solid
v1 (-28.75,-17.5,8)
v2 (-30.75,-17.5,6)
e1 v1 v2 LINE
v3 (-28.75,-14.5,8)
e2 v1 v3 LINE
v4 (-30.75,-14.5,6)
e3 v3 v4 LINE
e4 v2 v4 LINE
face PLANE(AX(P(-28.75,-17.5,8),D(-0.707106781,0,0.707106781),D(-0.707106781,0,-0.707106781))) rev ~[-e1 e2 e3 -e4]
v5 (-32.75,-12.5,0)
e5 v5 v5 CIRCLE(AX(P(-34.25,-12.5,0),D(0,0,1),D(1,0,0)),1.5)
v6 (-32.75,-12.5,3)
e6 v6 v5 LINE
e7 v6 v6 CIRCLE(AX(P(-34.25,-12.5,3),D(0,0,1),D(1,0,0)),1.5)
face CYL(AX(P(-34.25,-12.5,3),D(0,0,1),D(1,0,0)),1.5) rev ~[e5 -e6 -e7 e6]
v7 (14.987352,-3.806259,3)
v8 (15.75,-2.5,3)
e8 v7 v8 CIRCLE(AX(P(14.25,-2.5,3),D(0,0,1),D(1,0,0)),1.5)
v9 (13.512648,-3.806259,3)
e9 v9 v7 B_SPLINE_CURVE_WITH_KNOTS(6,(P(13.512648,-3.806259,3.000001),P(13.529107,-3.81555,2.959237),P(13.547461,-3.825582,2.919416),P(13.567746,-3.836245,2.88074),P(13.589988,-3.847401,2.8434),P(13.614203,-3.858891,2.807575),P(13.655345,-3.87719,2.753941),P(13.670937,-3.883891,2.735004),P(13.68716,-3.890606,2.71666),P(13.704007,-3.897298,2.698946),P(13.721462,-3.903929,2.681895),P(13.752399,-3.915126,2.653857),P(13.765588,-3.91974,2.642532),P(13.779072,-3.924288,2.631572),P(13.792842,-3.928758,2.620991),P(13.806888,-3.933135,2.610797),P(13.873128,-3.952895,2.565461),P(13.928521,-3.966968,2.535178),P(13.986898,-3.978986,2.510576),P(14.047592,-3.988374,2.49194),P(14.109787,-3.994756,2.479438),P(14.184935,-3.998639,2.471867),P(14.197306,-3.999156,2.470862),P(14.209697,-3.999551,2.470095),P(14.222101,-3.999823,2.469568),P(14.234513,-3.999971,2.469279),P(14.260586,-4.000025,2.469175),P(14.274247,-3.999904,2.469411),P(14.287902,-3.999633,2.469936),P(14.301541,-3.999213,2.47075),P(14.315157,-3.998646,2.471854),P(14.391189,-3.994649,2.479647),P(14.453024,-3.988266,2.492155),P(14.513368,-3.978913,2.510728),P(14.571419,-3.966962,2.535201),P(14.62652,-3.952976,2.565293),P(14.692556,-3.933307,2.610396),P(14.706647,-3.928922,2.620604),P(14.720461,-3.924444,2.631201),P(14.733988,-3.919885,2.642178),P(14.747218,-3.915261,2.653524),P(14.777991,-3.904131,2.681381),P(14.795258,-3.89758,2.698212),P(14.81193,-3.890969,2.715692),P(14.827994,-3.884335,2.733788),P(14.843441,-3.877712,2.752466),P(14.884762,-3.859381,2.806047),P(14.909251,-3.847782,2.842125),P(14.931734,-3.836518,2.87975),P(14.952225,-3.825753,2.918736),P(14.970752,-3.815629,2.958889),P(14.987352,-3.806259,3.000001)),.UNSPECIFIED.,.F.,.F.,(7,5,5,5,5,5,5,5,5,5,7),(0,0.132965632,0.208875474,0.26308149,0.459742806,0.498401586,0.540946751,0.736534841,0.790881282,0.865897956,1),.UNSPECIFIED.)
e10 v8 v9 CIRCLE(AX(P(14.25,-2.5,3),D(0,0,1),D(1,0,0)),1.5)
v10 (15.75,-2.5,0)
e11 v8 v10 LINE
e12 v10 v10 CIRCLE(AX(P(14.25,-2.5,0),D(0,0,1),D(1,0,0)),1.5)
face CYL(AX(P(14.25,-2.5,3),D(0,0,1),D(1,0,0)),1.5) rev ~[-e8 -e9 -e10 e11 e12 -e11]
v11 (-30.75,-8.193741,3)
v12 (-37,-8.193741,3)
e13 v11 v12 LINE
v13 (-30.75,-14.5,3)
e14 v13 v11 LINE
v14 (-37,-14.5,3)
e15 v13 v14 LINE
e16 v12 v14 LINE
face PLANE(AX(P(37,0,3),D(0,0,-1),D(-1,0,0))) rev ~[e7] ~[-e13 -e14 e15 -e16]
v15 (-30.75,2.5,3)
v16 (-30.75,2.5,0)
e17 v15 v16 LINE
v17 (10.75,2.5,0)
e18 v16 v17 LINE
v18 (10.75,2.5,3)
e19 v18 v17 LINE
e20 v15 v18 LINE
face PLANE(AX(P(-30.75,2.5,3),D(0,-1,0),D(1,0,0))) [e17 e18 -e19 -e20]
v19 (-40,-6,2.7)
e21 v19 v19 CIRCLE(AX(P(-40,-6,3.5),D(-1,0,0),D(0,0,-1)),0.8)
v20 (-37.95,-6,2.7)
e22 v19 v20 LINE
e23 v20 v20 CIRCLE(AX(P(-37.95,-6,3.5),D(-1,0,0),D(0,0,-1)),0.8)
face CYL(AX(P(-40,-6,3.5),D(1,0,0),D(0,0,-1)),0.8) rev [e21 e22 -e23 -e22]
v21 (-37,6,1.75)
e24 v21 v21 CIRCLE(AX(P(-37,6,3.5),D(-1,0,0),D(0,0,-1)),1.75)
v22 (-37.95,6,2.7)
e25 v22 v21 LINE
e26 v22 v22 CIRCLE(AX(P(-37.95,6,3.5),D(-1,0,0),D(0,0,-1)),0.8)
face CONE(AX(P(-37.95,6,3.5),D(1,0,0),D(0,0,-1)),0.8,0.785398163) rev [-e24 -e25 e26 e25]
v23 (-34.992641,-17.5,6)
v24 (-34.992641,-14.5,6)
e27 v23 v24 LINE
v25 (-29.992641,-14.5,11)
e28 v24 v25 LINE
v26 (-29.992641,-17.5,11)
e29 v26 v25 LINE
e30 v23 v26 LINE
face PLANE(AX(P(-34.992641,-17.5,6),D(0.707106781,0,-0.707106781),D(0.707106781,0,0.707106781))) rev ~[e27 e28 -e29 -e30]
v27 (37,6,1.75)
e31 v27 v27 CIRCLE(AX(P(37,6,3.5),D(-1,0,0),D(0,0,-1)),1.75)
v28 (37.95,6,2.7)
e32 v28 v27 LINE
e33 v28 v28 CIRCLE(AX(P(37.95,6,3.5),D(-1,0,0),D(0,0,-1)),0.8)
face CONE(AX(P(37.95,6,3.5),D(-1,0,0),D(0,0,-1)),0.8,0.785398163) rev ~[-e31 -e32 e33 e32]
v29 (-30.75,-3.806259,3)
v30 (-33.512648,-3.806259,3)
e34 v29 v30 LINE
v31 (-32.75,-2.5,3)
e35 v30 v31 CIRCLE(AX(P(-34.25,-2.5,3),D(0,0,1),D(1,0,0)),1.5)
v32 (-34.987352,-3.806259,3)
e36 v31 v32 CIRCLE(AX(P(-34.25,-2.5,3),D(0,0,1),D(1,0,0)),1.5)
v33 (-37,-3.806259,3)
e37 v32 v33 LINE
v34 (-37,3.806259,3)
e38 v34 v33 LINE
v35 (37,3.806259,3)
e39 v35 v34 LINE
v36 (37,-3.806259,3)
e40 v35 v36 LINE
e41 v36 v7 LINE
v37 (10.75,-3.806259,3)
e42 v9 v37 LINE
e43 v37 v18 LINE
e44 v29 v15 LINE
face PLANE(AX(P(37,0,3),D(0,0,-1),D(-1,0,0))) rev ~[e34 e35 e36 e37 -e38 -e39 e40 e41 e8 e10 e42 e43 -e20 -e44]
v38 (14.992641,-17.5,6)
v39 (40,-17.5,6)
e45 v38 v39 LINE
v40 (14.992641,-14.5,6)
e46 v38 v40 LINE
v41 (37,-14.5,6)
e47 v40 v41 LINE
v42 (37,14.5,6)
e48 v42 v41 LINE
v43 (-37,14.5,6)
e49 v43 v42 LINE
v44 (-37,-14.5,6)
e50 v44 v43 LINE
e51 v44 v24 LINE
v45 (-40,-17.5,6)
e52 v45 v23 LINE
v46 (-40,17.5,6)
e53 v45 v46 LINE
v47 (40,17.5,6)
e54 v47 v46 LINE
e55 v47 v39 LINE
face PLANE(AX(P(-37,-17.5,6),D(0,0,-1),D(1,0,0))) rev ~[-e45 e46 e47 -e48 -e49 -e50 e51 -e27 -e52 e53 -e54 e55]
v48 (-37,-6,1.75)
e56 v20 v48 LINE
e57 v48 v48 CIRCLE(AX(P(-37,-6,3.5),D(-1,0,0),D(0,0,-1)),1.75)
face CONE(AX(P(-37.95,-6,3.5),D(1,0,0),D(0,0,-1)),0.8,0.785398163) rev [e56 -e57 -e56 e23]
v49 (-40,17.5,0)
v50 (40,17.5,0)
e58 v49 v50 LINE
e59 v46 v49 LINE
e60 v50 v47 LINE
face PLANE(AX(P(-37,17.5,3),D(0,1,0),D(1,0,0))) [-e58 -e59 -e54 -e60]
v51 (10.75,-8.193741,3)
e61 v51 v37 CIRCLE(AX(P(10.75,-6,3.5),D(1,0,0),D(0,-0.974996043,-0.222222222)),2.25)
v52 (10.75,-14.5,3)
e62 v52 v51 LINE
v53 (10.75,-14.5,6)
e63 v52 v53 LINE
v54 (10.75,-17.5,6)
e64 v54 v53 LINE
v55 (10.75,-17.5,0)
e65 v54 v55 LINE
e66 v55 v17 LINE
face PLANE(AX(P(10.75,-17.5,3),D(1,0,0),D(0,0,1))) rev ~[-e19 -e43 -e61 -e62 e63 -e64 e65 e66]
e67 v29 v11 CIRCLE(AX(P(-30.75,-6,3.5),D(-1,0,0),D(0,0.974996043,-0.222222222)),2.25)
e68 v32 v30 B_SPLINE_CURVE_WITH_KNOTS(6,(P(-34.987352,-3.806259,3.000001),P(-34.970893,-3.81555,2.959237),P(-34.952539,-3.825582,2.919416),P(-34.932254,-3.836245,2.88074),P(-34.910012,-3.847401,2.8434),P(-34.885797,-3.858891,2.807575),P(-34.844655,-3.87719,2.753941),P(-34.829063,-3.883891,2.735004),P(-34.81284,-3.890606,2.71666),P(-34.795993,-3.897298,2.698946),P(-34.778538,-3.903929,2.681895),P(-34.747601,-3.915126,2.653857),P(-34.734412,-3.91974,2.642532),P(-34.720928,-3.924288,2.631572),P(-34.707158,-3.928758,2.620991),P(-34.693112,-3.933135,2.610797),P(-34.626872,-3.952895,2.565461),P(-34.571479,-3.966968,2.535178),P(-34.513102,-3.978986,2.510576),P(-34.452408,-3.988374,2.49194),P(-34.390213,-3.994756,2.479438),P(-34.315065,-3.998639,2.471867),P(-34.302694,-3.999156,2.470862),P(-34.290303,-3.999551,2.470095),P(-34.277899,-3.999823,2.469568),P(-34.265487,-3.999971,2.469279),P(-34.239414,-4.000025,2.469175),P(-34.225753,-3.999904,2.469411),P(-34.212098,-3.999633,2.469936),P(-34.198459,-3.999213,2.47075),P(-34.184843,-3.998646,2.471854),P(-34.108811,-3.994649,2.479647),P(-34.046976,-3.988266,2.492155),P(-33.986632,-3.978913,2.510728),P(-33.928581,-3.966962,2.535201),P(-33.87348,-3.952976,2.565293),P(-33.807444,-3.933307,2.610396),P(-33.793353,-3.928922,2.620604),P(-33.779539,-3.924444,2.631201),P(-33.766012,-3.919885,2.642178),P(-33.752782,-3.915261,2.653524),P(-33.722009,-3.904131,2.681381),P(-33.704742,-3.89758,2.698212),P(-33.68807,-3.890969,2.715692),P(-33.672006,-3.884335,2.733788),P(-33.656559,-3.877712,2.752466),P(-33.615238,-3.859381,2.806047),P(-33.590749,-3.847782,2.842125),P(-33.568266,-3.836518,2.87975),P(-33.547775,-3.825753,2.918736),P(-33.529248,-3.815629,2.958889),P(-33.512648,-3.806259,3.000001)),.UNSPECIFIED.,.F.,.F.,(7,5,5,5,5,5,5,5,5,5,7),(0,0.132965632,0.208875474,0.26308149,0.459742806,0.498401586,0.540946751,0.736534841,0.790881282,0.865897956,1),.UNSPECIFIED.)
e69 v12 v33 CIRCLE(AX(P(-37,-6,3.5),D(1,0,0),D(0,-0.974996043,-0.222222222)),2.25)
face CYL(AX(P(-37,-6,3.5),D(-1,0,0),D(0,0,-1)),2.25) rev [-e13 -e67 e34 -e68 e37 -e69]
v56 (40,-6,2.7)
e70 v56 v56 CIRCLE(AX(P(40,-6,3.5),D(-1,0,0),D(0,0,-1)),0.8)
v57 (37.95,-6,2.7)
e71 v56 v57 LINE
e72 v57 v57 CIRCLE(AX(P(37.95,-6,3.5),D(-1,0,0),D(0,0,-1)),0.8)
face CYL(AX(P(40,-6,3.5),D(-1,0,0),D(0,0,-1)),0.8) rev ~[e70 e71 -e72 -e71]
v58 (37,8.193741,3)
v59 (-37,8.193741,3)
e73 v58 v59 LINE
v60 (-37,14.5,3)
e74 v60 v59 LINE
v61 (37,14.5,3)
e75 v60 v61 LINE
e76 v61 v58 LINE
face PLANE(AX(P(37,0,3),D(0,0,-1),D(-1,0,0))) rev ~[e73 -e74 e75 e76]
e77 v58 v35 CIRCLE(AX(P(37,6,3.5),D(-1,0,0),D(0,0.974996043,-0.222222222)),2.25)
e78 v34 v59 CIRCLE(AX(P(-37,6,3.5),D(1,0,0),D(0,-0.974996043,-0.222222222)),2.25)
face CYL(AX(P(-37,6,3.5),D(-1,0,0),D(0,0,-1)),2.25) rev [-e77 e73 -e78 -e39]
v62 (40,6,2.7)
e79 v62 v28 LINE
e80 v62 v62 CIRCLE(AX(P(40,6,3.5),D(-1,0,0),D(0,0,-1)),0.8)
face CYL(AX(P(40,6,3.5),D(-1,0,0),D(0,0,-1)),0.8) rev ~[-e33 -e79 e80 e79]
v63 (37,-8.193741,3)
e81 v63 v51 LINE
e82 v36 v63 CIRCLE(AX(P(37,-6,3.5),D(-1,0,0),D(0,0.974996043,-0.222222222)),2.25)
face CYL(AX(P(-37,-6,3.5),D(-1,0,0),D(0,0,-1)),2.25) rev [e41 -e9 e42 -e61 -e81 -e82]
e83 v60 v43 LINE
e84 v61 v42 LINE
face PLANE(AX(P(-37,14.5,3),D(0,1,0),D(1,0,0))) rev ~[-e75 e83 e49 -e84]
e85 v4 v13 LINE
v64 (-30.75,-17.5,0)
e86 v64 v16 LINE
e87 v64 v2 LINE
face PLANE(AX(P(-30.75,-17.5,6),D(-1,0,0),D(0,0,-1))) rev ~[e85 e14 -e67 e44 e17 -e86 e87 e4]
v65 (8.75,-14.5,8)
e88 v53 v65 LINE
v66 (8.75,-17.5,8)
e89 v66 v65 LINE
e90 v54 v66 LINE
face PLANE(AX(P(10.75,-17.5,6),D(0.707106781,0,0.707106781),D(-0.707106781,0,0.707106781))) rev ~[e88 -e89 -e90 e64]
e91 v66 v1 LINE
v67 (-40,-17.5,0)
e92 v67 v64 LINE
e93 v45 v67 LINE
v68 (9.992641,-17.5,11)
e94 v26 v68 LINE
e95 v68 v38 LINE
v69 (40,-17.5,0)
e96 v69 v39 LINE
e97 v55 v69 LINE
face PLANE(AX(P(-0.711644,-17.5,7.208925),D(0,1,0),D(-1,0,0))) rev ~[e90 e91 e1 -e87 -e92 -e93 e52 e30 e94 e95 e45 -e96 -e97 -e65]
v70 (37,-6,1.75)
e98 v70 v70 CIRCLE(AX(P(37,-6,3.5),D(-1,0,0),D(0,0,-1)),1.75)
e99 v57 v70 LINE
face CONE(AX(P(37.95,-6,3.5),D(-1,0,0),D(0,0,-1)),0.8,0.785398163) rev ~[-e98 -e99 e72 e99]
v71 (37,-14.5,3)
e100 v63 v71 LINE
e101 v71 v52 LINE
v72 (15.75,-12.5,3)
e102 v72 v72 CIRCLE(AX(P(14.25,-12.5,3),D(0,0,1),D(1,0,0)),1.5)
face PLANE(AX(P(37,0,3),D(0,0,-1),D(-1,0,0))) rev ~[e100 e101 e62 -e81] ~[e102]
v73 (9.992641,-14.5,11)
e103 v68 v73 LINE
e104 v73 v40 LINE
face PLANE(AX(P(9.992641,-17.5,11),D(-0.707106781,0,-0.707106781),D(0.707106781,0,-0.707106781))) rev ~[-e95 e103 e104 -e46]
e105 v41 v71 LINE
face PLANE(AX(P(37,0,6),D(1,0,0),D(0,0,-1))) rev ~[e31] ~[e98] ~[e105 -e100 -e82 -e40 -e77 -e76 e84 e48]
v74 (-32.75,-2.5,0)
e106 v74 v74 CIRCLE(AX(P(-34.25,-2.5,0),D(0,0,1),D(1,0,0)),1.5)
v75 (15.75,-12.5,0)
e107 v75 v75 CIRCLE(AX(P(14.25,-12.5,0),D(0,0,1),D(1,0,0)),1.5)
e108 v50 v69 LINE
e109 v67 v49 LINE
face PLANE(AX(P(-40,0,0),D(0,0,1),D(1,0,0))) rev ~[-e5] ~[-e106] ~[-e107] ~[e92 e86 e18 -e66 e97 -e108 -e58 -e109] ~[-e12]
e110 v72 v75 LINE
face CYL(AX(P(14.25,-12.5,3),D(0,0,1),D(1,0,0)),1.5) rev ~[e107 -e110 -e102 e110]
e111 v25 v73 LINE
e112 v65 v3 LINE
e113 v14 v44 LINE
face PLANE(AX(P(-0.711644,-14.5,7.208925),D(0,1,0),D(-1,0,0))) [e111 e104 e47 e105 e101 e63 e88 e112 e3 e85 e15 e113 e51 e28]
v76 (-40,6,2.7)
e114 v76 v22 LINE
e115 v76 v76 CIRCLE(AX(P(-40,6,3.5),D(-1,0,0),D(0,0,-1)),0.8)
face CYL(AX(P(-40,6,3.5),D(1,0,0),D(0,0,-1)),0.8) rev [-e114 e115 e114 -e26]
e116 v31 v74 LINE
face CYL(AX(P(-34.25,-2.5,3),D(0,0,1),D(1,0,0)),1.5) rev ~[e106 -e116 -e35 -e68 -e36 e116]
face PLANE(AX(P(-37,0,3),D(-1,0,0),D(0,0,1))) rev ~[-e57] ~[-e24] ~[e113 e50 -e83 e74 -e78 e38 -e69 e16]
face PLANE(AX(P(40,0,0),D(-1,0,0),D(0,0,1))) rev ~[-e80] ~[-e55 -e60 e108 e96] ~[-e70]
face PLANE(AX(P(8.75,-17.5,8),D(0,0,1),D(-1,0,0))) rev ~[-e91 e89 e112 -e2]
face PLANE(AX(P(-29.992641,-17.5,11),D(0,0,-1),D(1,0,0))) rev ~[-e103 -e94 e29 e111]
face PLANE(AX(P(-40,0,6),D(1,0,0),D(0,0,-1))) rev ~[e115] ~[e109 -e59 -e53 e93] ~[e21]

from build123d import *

# Parameters (mm, degrees)
AUFSATZ_LINEAR_AUSTRAGEN2_DEPTH             = 17.5
SKIZZE3_R                                   = 1.5
SKIZZE3_W                                   = 41.5
SKIZZE3_H                                   = 20
SCHNITT_LINEAR_AUSTRAGEN1_DEPTH             = 4
SKIZZE4_W                                   = 74
SKIZZE4_H                                   = 3
AUFSATZ_LINEAR_AUSTRAGEN3_DEPTH             = 3
AUFSATZ_LINEAR_AUSTRAGEN4_DEPTH             = 3
FORMSENKUNG_F_R_M3_SENKSCHRAUBE_MIT_2_COUNT = 2
FORMSENKUNG_F_R_M3_SENKSCHRAUBE_MIT_2_PITCH = 12
SKIZZE8_R                                   = 2.25
SCHNITT_LINEAR_AUSTRAGEN2_DEPTH             = 74


with BuildPart() as part:
    # Skizze2 → Aufsatz-Linear austragen2 (new body, symmetric)
    with BuildSketch(Plane(origin=(0, 0, 0), x_dir=(1, 0, 0), z_dir=(0, 1, 0))):
        Polygon((-40, 0), (40, 0), (40, -6), (37, -6), (37, -3), (-37, -3), (-37, -6), (-40, -6), align=None)
    extrude(amount=AUFSATZ_LINEAR_AUSTRAGEN2_DEPTH, both=True)

    # Skizze3 → Schnitt-Linear austragen1 (cut, through all)
    with BuildSketch(Plane.XY.offset(3)):
        with Locations((-34.25, -2.5)):
            Circle(SKIZZE3_R)
        with Locations((-34.25, -12.5)):
            Circle(SKIZZE3_R)
        with Locations((14.25, -2.5)):
            Circle(SKIZZE3_R)
        with Locations((14.25, -12.5)):
            Circle(SKIZZE3_R)
        with Locations((-10, -7.5)):
            Rectangle(SKIZZE3_W, SKIZZE3_H)
    extrude(amount=-SCHNITT_LINEAR_AUSTRAGEN1_DEPTH, mode=Mode.SUBTRACT)

    # Skizze4 → Aufsatz-Linear austragen3 (add)
    with BuildSketch(Plane.XY.offset(3)):
        with Locations((0, 16)):
            Rectangle(SKIZZE4_W, SKIZZE4_H)
    extrude(amount=AUFSATZ_LINEAR_AUSTRAGEN3_DEPTH)

    # Skizze5 → Aufsatz-Linear austragen4 (add)
    with BuildSketch(Plane.XZ.offset(17.5)):
        Polygon((-37, 6), (-34.992640687, 6), (-29.992640687, 11), (9.992640687, 11), (14.992640687, 6), (37, 6), (37, 3), (10.75, 3), (10.75, 6), (8.75, 8), (-28.75, 8), (-30.75, 6), (-30.75, 3), (-37, 3), align=None)
    extrude(amount=-AUFSATZ_LINEAR_AUSTRAGEN4_DEPTH)

    # Skizze6 → Formsenkung für M3 Senkschraube mit Innensechskant1 (revolve, cut)
    with BuildSketch(Plane(origin=(-37, 6, 3.5), x_dir=(0, 0, -1), z_dir=(0, 1, 0))):
        Polygon((0, 0), (0, 3), (0.8, 3), (0.8, 0.95), (1.75, 0), align=None)
    formsenkung_f_r_m3_senkschraube_mit_inne = revolve(axis=Axis((-30.65, 6, 3.5), (-1, 0, 0)), mode=Mode.SUBTRACT)

    # Formsenkung f_r M3 Senkschraube mit  2: Formsenkung für M3 Senkschraube mit Innensechskant1 ×2
    with Locations(*[(0, -i * FORMSENKUNG_F_R_M3_SENKSCHRAUBE_MIT_2_PITCH, 0) for i in range(1, FORMSENKUNG_F_R_M3_SENKSCHRAUBE_MIT_2_COUNT)]):
        add(formsenkung_f_r_m3_senkschraube_mit_inne, mode=Mode.SUBTRACT)

    # Skizze8 → Schnitt-Linear austragen2 (cut)
    with BuildSketch(Plane(origin=(-37, 0, 0), x_dir=(0, 0, -1), z_dir=(1, 0, 0))):
        with Locations((-3.5, -6)):
            Circle(SKIZZE8_R)
        with Locations((-3.5, 6)):
            Circle(SKIZZE8_R)
    extrude(amount=SCHNITT_LINEAR_AUSTRAGEN2_DEPTH, mode=Mode.SUBTRACT)

    # Spiegeln2: Formsenkung für M3 Senkschraube mit Innensechskant1 across plane
    add(formsenkung_f_r_m3_senkschraube_mit_inne.mirror(Plane(origin=(0, 0, 0), x_dir=(0, 0, 1), z_dir=(1, 0, 0))), mode=Mode.SUBTRACT)

    # Spiegeln2 copy 1 sketch → Spiegeln2 copy 1 (revolve, cut)
    with BuildSketch(Plane(origin=(37, -6, 3.5), x_dir=(0, 0, -1), z_dir=(0, 1, 0))):
        Polygon((0, 0), (0, -3), (0.8, -3), (0.8, -0.95), (1.75, 0), align=None)
    revolve(axis=Axis((30.65, -6, 3.5), (-1, 0, 0)), mode=Mode.SUBTRACT)


solid = part.part
